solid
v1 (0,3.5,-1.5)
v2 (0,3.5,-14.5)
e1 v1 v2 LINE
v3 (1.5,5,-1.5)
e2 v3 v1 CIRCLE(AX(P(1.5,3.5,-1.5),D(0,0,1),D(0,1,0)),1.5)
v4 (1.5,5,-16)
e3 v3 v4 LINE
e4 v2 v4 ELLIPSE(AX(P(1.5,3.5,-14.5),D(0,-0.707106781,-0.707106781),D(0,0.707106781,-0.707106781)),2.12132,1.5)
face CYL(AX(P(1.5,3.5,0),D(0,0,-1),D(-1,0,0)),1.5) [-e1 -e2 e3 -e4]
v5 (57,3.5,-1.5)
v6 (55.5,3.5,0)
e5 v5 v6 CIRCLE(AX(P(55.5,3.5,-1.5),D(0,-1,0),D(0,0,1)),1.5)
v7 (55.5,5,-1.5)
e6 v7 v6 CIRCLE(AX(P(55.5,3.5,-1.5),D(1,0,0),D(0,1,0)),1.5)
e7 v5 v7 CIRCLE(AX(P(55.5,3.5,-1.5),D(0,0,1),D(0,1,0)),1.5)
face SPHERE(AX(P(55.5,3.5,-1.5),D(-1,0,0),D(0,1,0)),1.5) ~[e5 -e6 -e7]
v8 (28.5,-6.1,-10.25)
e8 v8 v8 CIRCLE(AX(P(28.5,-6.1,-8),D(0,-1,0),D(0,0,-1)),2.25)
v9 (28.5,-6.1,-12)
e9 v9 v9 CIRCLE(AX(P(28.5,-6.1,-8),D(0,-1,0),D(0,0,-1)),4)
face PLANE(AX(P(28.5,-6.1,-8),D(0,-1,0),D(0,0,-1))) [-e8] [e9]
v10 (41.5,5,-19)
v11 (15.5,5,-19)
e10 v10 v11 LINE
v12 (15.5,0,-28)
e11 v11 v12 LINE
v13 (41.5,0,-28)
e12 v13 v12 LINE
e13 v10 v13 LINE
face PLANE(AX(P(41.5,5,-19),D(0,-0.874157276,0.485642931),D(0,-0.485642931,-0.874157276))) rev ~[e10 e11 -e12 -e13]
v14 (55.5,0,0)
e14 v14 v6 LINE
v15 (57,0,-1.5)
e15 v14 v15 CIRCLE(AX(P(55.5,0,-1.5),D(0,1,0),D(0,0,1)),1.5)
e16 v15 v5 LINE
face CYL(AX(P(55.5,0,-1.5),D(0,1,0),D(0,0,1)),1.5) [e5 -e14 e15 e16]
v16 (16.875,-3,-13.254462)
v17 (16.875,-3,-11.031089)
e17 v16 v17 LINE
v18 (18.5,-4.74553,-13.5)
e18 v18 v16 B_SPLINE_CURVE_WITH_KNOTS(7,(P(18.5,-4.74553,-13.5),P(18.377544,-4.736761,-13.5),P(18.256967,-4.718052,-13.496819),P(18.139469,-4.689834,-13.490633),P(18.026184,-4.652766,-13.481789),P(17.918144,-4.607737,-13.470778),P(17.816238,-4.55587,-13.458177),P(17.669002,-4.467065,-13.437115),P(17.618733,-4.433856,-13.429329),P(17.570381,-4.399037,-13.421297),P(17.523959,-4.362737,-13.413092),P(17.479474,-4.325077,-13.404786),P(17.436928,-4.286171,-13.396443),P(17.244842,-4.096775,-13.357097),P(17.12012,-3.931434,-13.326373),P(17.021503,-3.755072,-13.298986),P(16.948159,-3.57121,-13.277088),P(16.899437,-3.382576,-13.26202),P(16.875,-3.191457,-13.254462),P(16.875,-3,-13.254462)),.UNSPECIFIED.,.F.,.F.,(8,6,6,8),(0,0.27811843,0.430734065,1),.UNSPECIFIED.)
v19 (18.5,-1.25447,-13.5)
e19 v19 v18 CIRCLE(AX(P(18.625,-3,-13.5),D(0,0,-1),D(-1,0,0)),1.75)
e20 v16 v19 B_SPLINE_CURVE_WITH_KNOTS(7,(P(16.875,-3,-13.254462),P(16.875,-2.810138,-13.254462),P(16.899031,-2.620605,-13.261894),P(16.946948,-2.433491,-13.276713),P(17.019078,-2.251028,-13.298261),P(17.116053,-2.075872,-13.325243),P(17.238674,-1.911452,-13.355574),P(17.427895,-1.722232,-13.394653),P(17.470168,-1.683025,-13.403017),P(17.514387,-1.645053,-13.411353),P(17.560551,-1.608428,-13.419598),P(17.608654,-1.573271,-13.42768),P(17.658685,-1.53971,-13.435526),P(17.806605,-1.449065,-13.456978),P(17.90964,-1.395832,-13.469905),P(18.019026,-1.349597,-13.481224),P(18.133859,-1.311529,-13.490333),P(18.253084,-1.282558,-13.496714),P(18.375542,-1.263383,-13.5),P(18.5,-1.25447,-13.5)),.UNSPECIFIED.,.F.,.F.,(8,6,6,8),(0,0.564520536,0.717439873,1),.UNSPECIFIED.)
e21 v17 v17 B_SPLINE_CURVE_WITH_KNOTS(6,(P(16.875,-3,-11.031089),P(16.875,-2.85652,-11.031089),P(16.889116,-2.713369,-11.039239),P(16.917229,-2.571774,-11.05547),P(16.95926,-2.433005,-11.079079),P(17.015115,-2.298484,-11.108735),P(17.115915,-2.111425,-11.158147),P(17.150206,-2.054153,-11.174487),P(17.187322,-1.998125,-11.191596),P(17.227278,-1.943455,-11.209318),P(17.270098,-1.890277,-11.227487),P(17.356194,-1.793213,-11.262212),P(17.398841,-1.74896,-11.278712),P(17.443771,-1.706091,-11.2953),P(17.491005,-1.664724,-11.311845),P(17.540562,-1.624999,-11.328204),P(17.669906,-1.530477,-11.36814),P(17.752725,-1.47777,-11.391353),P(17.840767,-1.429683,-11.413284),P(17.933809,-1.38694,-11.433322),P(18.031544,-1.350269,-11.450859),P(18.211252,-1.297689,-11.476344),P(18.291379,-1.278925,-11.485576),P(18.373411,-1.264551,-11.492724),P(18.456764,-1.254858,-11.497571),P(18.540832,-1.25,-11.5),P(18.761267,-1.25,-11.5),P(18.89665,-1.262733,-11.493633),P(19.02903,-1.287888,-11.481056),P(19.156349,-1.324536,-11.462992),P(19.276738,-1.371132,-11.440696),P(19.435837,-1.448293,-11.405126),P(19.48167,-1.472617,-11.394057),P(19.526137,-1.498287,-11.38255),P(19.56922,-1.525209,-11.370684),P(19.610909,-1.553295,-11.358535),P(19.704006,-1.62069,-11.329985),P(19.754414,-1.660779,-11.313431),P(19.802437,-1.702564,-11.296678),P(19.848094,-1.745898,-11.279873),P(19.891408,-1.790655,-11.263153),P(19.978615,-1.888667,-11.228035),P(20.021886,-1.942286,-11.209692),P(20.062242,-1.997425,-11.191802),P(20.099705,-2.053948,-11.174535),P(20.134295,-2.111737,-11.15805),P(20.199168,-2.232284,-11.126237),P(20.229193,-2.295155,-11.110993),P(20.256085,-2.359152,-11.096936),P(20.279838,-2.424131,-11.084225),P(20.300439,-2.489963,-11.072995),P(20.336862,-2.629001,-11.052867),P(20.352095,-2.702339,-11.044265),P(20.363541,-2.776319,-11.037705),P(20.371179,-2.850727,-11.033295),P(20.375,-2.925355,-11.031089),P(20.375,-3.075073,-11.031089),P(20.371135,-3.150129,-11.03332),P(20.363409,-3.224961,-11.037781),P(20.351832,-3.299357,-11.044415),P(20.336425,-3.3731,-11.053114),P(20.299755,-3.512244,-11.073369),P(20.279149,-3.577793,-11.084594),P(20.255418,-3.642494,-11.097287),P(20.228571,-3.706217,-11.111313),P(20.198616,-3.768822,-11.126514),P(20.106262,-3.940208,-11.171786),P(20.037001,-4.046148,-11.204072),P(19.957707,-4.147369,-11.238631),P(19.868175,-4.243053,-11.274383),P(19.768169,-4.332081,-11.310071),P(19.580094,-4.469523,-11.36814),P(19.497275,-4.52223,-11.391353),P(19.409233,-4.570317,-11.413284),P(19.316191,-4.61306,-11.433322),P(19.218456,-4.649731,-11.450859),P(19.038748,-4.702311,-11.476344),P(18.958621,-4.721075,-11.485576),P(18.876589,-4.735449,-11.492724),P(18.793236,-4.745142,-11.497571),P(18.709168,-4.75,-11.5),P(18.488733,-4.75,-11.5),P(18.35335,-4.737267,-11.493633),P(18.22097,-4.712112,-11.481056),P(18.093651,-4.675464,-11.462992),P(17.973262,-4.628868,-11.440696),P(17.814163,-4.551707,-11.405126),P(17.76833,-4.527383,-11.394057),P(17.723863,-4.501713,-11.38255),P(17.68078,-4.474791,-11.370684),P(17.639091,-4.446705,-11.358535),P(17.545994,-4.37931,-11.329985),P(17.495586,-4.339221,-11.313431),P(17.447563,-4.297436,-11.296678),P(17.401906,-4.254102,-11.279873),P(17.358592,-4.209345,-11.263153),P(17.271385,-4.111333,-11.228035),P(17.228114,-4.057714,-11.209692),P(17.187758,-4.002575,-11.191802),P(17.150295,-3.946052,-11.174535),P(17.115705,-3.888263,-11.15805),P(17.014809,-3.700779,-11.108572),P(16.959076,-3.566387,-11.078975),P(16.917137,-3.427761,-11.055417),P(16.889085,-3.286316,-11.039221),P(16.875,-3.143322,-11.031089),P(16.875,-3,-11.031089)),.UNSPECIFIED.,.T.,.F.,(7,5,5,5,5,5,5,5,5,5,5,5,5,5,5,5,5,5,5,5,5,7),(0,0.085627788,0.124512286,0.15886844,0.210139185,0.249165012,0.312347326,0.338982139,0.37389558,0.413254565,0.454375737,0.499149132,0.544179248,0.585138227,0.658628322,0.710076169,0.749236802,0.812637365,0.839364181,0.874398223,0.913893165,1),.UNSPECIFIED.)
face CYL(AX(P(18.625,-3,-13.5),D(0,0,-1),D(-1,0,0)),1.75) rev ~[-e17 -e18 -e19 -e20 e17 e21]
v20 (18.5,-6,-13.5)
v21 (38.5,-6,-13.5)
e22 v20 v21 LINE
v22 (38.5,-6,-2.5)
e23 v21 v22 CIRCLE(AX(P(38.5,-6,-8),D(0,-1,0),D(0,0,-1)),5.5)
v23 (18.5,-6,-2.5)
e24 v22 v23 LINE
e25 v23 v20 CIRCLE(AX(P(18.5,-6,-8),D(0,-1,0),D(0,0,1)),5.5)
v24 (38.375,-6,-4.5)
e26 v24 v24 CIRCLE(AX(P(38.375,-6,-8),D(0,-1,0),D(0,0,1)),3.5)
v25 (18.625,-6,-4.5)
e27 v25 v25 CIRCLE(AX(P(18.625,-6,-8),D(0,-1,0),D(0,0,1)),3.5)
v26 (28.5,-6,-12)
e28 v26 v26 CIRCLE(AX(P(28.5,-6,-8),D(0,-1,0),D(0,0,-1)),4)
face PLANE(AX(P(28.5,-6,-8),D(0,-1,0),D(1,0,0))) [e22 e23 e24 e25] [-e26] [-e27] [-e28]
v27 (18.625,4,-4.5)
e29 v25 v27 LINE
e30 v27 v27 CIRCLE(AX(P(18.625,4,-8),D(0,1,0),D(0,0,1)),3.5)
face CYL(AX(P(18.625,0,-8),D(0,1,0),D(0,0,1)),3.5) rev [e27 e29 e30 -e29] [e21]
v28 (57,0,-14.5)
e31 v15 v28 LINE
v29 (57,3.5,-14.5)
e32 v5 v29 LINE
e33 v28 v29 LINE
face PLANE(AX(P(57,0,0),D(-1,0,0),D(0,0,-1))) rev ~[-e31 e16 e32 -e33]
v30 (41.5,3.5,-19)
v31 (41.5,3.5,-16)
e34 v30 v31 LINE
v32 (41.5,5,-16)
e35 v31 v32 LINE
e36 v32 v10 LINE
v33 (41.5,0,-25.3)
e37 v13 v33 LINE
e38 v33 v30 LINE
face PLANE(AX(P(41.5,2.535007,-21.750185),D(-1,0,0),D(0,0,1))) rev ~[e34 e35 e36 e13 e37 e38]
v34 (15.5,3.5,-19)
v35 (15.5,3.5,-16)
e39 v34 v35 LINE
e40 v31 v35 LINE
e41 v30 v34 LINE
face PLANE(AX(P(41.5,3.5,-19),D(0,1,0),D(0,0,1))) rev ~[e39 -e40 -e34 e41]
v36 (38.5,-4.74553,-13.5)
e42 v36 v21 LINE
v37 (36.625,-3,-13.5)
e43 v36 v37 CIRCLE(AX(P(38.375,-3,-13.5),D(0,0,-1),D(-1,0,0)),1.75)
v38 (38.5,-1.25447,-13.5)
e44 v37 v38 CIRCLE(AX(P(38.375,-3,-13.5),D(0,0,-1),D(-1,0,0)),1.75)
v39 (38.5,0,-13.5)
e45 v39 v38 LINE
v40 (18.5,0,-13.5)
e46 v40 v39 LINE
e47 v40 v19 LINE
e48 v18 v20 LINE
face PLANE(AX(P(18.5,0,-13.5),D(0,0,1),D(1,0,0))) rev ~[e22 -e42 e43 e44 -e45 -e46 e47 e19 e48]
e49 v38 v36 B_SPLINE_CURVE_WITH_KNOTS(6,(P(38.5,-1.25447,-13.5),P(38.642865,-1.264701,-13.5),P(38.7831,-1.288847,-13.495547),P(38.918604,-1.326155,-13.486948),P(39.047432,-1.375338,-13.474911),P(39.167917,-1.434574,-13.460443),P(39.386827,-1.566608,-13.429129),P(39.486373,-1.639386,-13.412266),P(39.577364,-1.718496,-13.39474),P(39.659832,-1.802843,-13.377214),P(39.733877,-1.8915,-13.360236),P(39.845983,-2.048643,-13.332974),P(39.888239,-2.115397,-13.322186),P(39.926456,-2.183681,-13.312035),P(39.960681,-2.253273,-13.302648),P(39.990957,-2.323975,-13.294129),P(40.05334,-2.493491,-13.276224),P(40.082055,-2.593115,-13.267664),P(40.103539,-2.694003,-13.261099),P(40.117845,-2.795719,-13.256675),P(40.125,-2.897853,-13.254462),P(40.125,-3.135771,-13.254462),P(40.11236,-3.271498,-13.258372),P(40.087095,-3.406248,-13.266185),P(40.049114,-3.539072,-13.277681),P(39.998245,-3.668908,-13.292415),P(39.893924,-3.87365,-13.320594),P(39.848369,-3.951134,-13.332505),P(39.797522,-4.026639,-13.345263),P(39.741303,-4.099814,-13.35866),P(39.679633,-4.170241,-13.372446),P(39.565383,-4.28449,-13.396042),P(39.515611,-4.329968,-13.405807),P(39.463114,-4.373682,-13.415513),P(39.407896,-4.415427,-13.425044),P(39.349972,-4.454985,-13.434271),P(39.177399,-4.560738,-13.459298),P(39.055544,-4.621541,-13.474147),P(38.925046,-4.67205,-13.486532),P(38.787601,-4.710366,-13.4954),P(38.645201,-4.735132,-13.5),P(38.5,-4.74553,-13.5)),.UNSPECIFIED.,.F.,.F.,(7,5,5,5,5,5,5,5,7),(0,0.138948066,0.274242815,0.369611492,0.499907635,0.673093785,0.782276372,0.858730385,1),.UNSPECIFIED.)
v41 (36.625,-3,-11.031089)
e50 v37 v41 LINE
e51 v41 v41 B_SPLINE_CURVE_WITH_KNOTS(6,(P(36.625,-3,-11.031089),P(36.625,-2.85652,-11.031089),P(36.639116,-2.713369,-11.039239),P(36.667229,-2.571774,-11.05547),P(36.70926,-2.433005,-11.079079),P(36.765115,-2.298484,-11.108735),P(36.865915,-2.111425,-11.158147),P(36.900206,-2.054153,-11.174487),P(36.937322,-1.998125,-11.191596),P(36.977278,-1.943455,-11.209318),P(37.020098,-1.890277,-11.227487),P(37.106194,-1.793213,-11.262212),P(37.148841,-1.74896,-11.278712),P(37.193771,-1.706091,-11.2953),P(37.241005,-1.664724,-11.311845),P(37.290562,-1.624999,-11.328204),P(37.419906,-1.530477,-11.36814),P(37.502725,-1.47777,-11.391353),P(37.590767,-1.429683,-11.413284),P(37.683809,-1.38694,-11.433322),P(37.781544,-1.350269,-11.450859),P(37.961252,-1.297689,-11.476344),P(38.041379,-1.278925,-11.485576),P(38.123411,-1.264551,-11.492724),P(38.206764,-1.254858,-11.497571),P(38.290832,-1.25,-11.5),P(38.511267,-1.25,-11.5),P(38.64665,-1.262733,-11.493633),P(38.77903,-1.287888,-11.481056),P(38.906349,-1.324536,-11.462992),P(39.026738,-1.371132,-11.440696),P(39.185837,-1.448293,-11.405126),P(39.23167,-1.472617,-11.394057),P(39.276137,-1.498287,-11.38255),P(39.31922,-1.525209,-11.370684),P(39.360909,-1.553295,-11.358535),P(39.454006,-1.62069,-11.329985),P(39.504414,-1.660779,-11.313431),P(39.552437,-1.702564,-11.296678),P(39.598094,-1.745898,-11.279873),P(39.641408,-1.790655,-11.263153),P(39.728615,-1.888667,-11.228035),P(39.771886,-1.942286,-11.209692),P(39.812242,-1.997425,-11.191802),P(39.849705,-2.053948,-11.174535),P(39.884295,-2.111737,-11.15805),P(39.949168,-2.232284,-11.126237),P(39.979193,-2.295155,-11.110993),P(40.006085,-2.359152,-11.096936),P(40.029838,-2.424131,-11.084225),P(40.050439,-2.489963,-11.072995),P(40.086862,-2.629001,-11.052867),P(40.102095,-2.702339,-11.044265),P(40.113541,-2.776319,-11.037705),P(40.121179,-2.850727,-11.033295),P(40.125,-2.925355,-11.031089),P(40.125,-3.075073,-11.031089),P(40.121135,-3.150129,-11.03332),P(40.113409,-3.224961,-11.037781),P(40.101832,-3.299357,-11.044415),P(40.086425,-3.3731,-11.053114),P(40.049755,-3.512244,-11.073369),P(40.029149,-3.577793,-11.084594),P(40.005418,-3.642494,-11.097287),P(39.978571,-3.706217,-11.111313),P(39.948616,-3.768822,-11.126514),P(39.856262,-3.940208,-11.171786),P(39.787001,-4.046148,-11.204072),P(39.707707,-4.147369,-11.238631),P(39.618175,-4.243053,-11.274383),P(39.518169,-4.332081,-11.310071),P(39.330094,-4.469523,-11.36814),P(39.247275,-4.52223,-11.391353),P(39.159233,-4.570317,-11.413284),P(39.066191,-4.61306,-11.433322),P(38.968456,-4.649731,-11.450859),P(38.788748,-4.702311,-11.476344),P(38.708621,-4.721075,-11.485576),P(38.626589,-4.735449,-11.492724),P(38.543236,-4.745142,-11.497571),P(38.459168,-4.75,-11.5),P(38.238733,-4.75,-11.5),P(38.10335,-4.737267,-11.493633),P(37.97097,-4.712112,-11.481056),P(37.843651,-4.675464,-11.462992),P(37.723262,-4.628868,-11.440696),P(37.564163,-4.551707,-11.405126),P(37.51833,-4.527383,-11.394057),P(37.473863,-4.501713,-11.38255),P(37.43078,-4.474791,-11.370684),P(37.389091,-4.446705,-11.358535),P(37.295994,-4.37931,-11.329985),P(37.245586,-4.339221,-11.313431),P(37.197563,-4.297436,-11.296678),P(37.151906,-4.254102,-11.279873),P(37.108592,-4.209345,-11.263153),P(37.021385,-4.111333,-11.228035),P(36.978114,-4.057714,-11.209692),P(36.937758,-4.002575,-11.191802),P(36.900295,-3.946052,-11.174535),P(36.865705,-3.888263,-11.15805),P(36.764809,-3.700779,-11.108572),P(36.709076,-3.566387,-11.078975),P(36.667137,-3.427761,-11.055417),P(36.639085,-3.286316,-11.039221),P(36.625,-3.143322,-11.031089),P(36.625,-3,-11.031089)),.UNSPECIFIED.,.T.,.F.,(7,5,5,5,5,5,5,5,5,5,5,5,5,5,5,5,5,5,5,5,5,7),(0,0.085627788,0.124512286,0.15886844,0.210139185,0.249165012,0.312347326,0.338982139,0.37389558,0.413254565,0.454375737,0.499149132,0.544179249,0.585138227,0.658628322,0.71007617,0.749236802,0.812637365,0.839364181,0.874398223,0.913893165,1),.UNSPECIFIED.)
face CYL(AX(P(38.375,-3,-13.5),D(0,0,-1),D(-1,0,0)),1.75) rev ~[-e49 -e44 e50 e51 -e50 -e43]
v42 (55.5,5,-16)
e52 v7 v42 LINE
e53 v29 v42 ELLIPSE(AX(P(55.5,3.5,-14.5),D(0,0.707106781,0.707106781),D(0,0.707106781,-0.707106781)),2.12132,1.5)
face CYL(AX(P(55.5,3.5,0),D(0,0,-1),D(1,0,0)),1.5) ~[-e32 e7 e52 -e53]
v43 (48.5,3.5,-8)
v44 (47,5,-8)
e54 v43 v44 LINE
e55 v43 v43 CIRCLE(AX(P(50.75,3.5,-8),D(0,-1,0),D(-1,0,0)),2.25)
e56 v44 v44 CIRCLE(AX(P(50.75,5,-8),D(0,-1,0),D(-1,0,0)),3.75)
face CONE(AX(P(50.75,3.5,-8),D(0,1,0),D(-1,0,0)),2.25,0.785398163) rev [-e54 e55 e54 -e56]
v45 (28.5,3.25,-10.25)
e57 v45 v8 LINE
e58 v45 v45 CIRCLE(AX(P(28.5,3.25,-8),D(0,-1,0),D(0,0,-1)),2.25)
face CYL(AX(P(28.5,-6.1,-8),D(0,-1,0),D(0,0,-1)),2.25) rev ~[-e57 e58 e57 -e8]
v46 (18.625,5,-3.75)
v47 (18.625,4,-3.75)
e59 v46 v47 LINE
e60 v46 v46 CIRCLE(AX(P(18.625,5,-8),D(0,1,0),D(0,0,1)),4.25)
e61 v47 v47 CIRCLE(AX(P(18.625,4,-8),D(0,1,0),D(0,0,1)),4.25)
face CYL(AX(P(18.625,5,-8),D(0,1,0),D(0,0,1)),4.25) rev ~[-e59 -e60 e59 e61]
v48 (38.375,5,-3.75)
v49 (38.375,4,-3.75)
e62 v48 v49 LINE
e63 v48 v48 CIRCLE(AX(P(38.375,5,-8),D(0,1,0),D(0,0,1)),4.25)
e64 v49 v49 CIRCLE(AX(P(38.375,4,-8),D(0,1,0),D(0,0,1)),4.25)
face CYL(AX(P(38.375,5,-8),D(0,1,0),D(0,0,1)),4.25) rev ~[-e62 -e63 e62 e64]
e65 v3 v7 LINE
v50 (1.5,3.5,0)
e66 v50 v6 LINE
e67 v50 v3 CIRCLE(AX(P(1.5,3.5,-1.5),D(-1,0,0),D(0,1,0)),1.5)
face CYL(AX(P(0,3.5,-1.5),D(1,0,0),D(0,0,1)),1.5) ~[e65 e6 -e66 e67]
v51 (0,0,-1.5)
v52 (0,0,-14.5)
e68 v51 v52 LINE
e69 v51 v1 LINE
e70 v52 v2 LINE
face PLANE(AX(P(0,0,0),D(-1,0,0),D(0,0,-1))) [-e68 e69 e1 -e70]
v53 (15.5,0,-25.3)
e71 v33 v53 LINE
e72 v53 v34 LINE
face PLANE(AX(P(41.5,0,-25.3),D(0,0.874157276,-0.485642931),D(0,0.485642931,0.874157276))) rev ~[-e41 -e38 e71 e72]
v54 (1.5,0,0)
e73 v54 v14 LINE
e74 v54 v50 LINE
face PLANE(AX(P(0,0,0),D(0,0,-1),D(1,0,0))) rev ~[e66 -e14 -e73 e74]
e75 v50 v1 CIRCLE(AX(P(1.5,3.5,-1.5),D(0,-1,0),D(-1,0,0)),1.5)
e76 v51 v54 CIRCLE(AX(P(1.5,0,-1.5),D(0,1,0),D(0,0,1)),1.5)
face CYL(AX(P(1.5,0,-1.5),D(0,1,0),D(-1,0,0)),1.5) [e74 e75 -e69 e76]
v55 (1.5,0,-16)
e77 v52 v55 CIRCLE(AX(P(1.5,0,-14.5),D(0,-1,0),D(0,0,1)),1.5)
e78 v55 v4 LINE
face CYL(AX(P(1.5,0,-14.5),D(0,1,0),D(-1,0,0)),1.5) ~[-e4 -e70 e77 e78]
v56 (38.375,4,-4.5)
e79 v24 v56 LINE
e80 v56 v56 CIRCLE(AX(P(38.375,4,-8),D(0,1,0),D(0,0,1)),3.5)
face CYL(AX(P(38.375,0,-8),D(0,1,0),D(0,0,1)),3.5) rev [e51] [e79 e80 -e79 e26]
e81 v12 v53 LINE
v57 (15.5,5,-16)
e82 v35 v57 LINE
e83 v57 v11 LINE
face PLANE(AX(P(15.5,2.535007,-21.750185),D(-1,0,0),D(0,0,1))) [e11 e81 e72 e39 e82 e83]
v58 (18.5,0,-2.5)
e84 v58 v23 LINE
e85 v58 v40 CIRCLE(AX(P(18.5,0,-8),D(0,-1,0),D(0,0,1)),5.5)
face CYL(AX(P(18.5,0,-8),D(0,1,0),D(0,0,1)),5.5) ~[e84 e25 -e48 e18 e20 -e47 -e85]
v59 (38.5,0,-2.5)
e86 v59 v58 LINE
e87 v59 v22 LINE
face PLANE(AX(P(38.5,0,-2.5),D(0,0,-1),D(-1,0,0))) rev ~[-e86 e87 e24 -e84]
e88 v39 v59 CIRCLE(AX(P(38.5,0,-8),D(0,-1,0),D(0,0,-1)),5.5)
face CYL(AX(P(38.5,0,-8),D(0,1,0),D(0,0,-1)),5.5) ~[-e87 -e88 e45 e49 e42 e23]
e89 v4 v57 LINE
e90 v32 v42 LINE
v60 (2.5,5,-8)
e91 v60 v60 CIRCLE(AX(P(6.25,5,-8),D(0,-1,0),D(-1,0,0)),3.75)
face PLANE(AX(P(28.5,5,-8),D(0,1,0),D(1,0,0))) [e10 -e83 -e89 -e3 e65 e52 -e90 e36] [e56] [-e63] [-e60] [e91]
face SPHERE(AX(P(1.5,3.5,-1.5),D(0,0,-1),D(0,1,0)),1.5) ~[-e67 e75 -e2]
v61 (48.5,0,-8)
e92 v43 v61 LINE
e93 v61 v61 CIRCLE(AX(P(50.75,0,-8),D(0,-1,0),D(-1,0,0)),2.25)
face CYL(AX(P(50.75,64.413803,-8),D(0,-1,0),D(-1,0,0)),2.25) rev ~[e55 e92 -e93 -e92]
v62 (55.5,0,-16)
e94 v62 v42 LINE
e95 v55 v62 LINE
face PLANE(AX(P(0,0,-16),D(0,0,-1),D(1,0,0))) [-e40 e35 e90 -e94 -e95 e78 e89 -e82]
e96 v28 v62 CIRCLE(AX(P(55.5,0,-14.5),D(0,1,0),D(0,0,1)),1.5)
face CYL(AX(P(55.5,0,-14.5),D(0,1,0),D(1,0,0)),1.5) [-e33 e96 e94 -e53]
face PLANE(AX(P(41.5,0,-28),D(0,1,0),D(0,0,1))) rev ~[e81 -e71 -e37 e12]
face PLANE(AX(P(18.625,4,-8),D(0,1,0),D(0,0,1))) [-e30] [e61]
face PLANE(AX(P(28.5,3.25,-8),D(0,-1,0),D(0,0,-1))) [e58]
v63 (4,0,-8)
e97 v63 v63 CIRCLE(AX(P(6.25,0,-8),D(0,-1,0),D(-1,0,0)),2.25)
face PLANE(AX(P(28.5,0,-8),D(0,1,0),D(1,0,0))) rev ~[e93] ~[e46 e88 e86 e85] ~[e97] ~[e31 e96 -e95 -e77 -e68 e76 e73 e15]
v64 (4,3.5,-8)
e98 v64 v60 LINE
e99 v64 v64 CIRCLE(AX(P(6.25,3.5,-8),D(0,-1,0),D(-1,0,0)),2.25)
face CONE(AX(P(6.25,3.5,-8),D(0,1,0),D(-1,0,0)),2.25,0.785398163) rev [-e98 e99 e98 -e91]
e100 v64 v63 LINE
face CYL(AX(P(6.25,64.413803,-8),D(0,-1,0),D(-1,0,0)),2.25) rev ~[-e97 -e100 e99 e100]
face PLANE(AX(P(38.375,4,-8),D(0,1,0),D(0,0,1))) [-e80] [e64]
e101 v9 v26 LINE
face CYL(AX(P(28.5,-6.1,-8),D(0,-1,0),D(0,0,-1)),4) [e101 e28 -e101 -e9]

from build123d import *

# Parameters (mm, degrees)
SKETCH_1_W           = 57
SKETCH_1_H           = 16
EXTRUDE_1_DEPTH      = 5
FILLET_1_R           = 1.5
HOLE_WIZARD_M41_D    = 4.5
CHAMFER_1_SIZE       = 1.5
SKETCH_2_R           = 4.25
CUT_EXTRUDE_1_DEPTH  = 1
SKETCH_7_R           = 3.5
CUT_EXTRUDE_2_DEPTH  = 60.338014797
EXTRUDE_2_DEPTH      = 13
EXTRUDE_2_DEPTH_BACK = 13
SKETCH_10_R          = 3.5
EXTRUDE_3_DEPTH      = 6
SKETCH_11_R          = 2.25
CUT_EXTRUDE_3_DEPTH  = 9.25
EXTRUDE_START        = 0.1
SKETCH_12_R          = 4
SKETCH_12_R_2        = 2.25
EXTRUDE_4_DEPTH      = 0.1
SKETCH_13_R          = 1.75
CUT_EXTRUDE_4_DEPTH  = 5


with BuildPart() as part:
    # Sketch 1 → Extrude 1 (new body)
    with BuildSketch(Plane(origin=(0, 0, 0), x_dir=(1, 0, 0), z_dir=(0, 1, 0))):
        with Locations((28.5, 8)):
            Rectangle(SKETCH_1_W, SKETCH_1_H)
    extrude(amount=EXTRUDE_1_DEPTH)

    # Fillet 1
    fillet_1_edges = [part.edges().sort_by_distance(p)[0] for p in [
        (0, 5, -8),
        (28.5, 5, 0),
        (57, 5, -8),
        (0, 2.5, 0),
        (0, 2.5, -16),
        (57, 2.5, -16),
        (57, 2.5, 0),
    ]]
    fillet(fillet_1_edges, radius=FILLET_1_R)

    # Hole Wizard M41 (through all)
    with Locations(Plane(origin=(0, 5, 0), x_dir=(1, 0, 0), z_dir=(0, 1, 0))):
        with Locations((6.25, 8), (50.75, 8)):
            Hole(HOLE_WIZARD_M41_D / 2)

    # Chamfer 1
    chamfer_1_edges = [part.edges().sort_by_distance(p)[0] for p in [
        (53, 5, -8),
        (8.5, 5, -8),
    ]]
    chamfer(chamfer_1_edges, length=CHAMFER_1_SIZE)

    # Sketch 2 → Cut-Extrude 1 (cut)
    with BuildSketch(Plane(origin=(0, 5, 0), x_dir=(1, 0, 0), z_dir=(0, 1, 0))):
        with Locations(Location((18.625, 8, 0), (0, 0, 270))):
            Circle(SKETCH_2_R)
        with Locations(Location((38.375, 8, 0), (0, 0, 270))):
            Circle(SKETCH_2_R)
    extrude(amount=-CUT_EXTRUDE_1_DEPTH, mode=Mode.SUBTRACT)

    # Sketch 7 → Cut-Extrude 2 (cut, through all)
    with BuildSketch(Plane(origin=(0, 4, 0), x_dir=(1, 0, 0), z_dir=(0, 1, 0))):
        with Locations(Location((18.625, 8, 0), (0, 0, 270))):
            Circle(SKETCH_7_R)
        with Locations(Location((38.375, 8, 0), (0, 0, 270))):
            Circle(SKETCH_7_R)
    extrude(amount=-CUT_EXTRUDE_2_DEPTH, mode=Mode.SUBTRACT)

    # Sketch 9 → Extrude 2 (add, two sides: drawn at the far end of the back side and taken through both)
    with BuildSketch(Plane.ZY.offset(-28.5).offset(-EXTRUDE_2_DEPTH_BACK)):
        Polygon((-19, 5), (-28, 0), (-25.3, 0), (-19, 3.5), (-16, 3.5), (-16, 5), align=None)
    extrude(amount=EXTRUDE_2_DEPTH + EXTRUDE_2_DEPTH_BACK)

    # Sketch 10 → Extrude 3 (add)
    with BuildSketch(Plane.XZ):
        with BuildLine():
            Line((18.5, -13.5), (38.5, -13.5))
            ThreePointArc((38.5, -13.5), (44, -8), (38.5, -2.5))
            Line((38.5, -2.5), (18.5, -2.5))
            ThreePointArc((18.5, -2.5), (13, -8), (18.5, -13.5))
        make_face()
        with Locations(Location((38.375, -8, 0), (0, 0, 90))):
            Circle(SKETCH_10_R, mode=Mode.SUBTRACT)
        with Locations(Location((18.625, -8, 0), (0, 0, 90))):
            Circle(SKETCH_10_R, mode=Mode.SUBTRACT)
    extrude(amount=EXTRUDE_3_DEPTH)

    # Sketch 11 → Cut-Extrude 3 (cut)
    with BuildSketch(Plane.XZ.offset(6)):
        with Locations(Location((28.5, -8, 0), (0, 0, 270))):
            Circle(SKETCH_11_R)
    extrude(amount=-CUT_EXTRUDE_3_DEPTH, mode=Mode.SUBTRACT)

    # Sketch 12 → Extrude 4 (add)
    with BuildSketch(Plane.XZ.offset(6).offset(EXTRUDE_START)):
        with Locations(Location((28.5, -8, 0), (0, 0, 270))):
            Circle(SKETCH_12_R)
        with Locations(Location((28.5, -8, 0), (0, 0, 270))):
            Circle(SKETCH_12_R_2, mode=Mode.SUBTRACT)
    extrude(amount=-EXTRUDE_4_DEPTH)

    # Sketch 13 → Cut-Extrude 4 (cut)
    with BuildSketch(Plane(origin=(0, 0, -13.5), x_dir=(-1, 0, 0), z_dir=(0, 0, -1))):
        with Locations((-38.375, -3)):
            Circle(SKETCH_13_R)
        with Locations((-18.625, -3)):
            Circle(SKETCH_13_R)
    extrude(amount=-CUT_EXTRUDE_4_DEPTH, mode=Mode.SUBTRACT)


solid = part.part
